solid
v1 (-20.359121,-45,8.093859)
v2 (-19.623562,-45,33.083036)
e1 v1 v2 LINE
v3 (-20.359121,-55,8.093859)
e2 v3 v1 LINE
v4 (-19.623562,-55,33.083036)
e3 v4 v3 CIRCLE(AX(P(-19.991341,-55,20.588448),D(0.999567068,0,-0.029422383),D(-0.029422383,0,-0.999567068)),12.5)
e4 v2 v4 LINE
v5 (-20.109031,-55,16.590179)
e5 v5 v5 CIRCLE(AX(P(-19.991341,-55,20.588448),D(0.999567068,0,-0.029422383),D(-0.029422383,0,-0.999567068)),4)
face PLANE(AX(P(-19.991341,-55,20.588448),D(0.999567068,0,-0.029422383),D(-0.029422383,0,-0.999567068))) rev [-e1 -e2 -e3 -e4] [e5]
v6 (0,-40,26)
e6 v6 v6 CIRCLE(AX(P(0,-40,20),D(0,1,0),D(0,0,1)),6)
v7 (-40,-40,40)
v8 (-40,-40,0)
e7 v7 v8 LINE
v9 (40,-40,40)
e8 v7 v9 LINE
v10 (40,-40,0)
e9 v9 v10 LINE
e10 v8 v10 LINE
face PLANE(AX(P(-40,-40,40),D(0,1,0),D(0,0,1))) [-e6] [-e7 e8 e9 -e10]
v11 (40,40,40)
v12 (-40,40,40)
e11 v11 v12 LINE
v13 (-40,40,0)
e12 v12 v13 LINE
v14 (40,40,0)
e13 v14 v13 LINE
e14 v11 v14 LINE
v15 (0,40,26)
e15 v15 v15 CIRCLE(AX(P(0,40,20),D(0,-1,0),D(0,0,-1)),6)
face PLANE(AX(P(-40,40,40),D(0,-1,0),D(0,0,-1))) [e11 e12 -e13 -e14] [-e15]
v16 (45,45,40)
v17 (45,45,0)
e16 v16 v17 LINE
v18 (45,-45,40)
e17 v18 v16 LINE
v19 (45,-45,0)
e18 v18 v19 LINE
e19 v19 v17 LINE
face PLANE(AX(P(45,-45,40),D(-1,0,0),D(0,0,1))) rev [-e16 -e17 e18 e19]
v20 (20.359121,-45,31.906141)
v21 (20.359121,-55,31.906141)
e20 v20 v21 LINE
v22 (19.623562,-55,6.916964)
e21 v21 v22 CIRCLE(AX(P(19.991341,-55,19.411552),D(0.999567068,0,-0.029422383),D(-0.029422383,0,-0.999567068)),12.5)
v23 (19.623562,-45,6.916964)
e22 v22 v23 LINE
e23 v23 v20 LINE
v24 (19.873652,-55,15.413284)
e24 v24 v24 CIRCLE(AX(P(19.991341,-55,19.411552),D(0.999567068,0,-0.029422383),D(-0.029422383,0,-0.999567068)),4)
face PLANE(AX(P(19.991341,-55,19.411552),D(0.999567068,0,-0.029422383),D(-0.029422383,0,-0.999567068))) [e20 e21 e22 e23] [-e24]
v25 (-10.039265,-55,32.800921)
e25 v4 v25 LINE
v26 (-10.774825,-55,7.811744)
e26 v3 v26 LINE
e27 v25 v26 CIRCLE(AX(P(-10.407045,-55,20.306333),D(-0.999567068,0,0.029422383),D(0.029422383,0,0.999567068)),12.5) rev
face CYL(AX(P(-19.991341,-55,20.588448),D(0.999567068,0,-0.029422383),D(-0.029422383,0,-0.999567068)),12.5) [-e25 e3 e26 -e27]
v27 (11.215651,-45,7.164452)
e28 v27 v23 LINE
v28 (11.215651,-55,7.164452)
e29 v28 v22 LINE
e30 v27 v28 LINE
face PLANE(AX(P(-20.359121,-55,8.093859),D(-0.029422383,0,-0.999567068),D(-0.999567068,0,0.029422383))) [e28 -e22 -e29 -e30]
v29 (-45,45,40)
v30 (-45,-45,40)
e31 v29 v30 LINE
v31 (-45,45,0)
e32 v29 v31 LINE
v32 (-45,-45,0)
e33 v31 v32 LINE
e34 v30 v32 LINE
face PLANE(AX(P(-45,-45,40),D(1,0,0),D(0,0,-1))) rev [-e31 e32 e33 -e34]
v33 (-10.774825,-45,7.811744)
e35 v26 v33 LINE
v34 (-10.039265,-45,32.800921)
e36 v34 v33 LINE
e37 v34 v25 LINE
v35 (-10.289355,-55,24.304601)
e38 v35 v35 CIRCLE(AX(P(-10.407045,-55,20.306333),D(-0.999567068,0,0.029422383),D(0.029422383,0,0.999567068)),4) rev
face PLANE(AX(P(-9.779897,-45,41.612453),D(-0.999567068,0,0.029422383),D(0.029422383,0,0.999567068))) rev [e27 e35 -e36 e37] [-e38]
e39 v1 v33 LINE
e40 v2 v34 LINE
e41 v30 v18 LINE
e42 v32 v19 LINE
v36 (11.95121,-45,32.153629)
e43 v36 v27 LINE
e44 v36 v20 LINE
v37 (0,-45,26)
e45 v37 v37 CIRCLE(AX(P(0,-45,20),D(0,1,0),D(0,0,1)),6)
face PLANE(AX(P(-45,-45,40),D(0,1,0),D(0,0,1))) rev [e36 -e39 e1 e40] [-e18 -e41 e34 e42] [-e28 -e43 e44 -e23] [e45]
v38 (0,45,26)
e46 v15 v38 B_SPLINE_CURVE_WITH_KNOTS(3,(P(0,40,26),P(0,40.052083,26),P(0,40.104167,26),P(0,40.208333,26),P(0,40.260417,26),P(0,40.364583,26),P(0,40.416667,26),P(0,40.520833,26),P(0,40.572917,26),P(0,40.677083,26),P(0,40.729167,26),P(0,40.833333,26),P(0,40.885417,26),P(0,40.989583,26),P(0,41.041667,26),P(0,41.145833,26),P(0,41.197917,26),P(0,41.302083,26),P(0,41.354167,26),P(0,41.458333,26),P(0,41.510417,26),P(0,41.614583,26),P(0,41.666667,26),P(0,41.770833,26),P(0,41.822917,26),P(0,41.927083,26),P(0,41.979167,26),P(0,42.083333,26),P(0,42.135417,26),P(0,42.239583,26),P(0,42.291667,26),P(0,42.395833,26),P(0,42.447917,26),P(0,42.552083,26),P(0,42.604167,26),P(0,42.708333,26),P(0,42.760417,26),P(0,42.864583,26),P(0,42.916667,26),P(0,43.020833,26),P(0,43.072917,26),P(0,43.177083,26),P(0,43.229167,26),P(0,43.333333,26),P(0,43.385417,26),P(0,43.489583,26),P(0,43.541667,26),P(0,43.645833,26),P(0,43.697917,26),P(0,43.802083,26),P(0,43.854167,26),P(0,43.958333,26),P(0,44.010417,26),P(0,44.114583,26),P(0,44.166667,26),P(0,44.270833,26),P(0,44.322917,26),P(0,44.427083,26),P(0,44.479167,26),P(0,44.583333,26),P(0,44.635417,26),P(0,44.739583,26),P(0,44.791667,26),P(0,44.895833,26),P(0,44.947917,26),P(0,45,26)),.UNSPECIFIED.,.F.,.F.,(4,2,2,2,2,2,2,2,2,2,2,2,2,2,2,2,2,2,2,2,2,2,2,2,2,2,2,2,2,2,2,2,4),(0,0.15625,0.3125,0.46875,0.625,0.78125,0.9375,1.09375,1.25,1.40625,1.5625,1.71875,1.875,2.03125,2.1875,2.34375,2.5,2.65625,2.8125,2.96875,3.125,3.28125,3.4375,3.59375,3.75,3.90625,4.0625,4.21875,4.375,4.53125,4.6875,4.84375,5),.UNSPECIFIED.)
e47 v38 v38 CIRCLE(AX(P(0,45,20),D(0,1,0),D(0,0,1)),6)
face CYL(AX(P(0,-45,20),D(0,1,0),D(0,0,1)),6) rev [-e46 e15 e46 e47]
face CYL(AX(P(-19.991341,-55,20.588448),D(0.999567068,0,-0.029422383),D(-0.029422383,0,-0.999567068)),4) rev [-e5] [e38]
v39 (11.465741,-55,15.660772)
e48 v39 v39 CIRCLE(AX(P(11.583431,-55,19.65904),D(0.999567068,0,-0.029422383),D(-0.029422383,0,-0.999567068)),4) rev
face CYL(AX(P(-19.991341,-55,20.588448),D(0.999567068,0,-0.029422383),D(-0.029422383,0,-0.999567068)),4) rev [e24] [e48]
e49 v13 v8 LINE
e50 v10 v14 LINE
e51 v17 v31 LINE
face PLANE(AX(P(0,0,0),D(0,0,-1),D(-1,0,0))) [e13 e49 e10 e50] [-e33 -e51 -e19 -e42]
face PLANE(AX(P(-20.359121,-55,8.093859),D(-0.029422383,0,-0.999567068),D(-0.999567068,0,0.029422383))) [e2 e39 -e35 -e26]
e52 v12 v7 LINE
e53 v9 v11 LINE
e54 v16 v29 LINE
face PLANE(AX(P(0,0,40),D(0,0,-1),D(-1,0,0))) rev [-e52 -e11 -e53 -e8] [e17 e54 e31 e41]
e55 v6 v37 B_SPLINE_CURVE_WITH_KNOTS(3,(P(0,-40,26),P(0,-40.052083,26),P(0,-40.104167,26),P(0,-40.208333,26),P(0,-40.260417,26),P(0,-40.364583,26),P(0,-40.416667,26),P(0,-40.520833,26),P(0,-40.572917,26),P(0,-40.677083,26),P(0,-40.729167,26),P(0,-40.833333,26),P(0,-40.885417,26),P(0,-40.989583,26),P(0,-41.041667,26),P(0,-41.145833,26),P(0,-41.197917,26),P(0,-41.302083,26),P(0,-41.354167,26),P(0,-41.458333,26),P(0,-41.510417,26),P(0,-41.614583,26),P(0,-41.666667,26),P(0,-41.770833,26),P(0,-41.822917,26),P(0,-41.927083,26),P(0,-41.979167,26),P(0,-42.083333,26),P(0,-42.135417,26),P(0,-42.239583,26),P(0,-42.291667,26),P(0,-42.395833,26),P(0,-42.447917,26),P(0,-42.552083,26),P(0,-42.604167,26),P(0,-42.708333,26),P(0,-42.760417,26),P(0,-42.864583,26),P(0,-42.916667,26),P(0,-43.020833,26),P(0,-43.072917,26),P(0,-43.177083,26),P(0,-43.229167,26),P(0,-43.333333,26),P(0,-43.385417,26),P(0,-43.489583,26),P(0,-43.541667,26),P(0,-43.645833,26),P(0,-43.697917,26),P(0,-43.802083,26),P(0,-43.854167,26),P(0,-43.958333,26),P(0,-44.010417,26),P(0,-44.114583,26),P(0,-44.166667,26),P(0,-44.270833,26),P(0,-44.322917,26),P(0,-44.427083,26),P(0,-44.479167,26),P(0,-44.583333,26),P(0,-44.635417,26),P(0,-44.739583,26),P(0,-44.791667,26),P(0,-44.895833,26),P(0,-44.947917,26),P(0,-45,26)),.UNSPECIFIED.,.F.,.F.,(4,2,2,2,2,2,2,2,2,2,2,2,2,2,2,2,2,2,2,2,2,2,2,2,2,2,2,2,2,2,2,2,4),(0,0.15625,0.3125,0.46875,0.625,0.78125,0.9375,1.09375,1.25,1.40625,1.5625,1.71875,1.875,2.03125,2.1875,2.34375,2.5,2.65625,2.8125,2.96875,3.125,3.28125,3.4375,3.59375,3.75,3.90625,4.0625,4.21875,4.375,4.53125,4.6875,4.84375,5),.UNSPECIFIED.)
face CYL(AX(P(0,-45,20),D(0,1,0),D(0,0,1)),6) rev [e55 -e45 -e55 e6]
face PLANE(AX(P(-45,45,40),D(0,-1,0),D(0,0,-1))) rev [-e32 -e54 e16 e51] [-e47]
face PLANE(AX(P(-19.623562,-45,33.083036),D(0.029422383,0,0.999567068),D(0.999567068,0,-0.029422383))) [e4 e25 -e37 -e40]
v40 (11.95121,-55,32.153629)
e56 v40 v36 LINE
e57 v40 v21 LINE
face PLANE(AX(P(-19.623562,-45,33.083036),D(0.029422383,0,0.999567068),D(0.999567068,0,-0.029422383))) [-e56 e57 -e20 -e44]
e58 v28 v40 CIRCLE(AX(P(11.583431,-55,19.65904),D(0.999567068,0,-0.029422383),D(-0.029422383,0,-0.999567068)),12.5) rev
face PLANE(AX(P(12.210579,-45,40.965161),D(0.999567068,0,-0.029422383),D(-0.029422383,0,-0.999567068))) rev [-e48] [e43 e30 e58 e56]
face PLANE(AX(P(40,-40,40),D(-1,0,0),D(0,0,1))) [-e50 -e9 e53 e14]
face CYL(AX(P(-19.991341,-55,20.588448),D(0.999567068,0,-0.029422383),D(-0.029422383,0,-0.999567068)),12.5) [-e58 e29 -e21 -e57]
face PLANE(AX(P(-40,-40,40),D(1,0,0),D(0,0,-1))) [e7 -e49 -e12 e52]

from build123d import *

# Parameters (mm, degrees)
SKETCH_1_W           = 90
SKETCH_1_H           = 90
SKETCH_1_W_2         = 80
SKETCH_1_H_2         = 80
EXTRUDE_1_DEPTH      = 40
SKETCH_3_R           = 6
CUT_EXTRUDE_2_DEPTH  = 109.282039139
EXTRUDE_2_DEPTH      = 20
EXTRUDE_2_DEPTH_BACK = 20
SKETCH_4_R           = 4
SKETCH_5_W           = 22
SKETCH_5_H           = 30
CUT_EXTRUDE_3_DEPTH  = 88.510910897


with BuildPart() as part:
    # 草图1 → 凸台-拉伸1 (new body)
    with BuildSketch(Plane.XY):
        Rectangle(SKETCH_1_W, SKETCH_1_H)
        Rectangle(SKETCH_1_W_2, SKETCH_1_H_2, mode=Mode.SUBTRACT)
    extrude(amount=EXTRUDE_1_DEPTH)

    # 草图3 → 切除-拉伸2 (cut, through all)
    with BuildSketch(Plane(origin=(0, 45, 0), x_dir=(1, 0, 0), z_dir=(0, 1, 0))):
        with Locations((0, -20)):
            Circle(SKETCH_3_R)
    extrude(amount=-CUT_EXTRUDE_2_DEPTH, mode=Mode.SUBTRACT)

    # 草图4 → 凸台-拉伸2 (add, two sides: drawn at the far end of the back side and taken through both)
    with BuildSketch(Plane(origin=(1.596612883, -1.997656421, 74.241754421), x_dir=(-0.029422382723106603, 0, -0.9995670679823816), z_dir=(0.9995670679823816, 0, -0.029422382723106603)).offset(-EXTRUDE_2_DEPTH_BACK)):
        with BuildLine():
            Line((41.765247584, -43.002343579), (41.765247584, -53.002343579))
            ThreePointArc((41.765247584, -53.002343579), (54.265247584, -65.502343579), (66.765247584, -53.002343579))
            Line((66.765247584, -53.002343579), (66.765247584, -43.002343579))
            Line((66.765247584, -43.002343579), (41.765247584, -43.002343579))
        make_face()
        with Locations((54.265247584, -53.002343579)):
            Circle(SKETCH_4_R, mode=Mode.SUBTRACT)
    extrude(amount=EXTRUDE_2_DEPTH + EXTRUDE_2_DEPTH_BACK)

    # 草图5 → 切除-拉伸3 (cut, through all)
    with BuildSketch(Plane(origin=(0.220413113, 0, 7.488098118), x_dir=(-0.9995670679823816, 0, 0.0294223827231066), z_dir=(-0.0294223827231066, 0, -0.9995670679823816))):
        with Locations((0, -60)):
            Rectangle(SKETCH_5_W, SKETCH_5_H)
    extrude(amount=-CUT_EXTRUDE_3_DEPTH, mode=Mode.SUBTRACT)


solid = part.part
